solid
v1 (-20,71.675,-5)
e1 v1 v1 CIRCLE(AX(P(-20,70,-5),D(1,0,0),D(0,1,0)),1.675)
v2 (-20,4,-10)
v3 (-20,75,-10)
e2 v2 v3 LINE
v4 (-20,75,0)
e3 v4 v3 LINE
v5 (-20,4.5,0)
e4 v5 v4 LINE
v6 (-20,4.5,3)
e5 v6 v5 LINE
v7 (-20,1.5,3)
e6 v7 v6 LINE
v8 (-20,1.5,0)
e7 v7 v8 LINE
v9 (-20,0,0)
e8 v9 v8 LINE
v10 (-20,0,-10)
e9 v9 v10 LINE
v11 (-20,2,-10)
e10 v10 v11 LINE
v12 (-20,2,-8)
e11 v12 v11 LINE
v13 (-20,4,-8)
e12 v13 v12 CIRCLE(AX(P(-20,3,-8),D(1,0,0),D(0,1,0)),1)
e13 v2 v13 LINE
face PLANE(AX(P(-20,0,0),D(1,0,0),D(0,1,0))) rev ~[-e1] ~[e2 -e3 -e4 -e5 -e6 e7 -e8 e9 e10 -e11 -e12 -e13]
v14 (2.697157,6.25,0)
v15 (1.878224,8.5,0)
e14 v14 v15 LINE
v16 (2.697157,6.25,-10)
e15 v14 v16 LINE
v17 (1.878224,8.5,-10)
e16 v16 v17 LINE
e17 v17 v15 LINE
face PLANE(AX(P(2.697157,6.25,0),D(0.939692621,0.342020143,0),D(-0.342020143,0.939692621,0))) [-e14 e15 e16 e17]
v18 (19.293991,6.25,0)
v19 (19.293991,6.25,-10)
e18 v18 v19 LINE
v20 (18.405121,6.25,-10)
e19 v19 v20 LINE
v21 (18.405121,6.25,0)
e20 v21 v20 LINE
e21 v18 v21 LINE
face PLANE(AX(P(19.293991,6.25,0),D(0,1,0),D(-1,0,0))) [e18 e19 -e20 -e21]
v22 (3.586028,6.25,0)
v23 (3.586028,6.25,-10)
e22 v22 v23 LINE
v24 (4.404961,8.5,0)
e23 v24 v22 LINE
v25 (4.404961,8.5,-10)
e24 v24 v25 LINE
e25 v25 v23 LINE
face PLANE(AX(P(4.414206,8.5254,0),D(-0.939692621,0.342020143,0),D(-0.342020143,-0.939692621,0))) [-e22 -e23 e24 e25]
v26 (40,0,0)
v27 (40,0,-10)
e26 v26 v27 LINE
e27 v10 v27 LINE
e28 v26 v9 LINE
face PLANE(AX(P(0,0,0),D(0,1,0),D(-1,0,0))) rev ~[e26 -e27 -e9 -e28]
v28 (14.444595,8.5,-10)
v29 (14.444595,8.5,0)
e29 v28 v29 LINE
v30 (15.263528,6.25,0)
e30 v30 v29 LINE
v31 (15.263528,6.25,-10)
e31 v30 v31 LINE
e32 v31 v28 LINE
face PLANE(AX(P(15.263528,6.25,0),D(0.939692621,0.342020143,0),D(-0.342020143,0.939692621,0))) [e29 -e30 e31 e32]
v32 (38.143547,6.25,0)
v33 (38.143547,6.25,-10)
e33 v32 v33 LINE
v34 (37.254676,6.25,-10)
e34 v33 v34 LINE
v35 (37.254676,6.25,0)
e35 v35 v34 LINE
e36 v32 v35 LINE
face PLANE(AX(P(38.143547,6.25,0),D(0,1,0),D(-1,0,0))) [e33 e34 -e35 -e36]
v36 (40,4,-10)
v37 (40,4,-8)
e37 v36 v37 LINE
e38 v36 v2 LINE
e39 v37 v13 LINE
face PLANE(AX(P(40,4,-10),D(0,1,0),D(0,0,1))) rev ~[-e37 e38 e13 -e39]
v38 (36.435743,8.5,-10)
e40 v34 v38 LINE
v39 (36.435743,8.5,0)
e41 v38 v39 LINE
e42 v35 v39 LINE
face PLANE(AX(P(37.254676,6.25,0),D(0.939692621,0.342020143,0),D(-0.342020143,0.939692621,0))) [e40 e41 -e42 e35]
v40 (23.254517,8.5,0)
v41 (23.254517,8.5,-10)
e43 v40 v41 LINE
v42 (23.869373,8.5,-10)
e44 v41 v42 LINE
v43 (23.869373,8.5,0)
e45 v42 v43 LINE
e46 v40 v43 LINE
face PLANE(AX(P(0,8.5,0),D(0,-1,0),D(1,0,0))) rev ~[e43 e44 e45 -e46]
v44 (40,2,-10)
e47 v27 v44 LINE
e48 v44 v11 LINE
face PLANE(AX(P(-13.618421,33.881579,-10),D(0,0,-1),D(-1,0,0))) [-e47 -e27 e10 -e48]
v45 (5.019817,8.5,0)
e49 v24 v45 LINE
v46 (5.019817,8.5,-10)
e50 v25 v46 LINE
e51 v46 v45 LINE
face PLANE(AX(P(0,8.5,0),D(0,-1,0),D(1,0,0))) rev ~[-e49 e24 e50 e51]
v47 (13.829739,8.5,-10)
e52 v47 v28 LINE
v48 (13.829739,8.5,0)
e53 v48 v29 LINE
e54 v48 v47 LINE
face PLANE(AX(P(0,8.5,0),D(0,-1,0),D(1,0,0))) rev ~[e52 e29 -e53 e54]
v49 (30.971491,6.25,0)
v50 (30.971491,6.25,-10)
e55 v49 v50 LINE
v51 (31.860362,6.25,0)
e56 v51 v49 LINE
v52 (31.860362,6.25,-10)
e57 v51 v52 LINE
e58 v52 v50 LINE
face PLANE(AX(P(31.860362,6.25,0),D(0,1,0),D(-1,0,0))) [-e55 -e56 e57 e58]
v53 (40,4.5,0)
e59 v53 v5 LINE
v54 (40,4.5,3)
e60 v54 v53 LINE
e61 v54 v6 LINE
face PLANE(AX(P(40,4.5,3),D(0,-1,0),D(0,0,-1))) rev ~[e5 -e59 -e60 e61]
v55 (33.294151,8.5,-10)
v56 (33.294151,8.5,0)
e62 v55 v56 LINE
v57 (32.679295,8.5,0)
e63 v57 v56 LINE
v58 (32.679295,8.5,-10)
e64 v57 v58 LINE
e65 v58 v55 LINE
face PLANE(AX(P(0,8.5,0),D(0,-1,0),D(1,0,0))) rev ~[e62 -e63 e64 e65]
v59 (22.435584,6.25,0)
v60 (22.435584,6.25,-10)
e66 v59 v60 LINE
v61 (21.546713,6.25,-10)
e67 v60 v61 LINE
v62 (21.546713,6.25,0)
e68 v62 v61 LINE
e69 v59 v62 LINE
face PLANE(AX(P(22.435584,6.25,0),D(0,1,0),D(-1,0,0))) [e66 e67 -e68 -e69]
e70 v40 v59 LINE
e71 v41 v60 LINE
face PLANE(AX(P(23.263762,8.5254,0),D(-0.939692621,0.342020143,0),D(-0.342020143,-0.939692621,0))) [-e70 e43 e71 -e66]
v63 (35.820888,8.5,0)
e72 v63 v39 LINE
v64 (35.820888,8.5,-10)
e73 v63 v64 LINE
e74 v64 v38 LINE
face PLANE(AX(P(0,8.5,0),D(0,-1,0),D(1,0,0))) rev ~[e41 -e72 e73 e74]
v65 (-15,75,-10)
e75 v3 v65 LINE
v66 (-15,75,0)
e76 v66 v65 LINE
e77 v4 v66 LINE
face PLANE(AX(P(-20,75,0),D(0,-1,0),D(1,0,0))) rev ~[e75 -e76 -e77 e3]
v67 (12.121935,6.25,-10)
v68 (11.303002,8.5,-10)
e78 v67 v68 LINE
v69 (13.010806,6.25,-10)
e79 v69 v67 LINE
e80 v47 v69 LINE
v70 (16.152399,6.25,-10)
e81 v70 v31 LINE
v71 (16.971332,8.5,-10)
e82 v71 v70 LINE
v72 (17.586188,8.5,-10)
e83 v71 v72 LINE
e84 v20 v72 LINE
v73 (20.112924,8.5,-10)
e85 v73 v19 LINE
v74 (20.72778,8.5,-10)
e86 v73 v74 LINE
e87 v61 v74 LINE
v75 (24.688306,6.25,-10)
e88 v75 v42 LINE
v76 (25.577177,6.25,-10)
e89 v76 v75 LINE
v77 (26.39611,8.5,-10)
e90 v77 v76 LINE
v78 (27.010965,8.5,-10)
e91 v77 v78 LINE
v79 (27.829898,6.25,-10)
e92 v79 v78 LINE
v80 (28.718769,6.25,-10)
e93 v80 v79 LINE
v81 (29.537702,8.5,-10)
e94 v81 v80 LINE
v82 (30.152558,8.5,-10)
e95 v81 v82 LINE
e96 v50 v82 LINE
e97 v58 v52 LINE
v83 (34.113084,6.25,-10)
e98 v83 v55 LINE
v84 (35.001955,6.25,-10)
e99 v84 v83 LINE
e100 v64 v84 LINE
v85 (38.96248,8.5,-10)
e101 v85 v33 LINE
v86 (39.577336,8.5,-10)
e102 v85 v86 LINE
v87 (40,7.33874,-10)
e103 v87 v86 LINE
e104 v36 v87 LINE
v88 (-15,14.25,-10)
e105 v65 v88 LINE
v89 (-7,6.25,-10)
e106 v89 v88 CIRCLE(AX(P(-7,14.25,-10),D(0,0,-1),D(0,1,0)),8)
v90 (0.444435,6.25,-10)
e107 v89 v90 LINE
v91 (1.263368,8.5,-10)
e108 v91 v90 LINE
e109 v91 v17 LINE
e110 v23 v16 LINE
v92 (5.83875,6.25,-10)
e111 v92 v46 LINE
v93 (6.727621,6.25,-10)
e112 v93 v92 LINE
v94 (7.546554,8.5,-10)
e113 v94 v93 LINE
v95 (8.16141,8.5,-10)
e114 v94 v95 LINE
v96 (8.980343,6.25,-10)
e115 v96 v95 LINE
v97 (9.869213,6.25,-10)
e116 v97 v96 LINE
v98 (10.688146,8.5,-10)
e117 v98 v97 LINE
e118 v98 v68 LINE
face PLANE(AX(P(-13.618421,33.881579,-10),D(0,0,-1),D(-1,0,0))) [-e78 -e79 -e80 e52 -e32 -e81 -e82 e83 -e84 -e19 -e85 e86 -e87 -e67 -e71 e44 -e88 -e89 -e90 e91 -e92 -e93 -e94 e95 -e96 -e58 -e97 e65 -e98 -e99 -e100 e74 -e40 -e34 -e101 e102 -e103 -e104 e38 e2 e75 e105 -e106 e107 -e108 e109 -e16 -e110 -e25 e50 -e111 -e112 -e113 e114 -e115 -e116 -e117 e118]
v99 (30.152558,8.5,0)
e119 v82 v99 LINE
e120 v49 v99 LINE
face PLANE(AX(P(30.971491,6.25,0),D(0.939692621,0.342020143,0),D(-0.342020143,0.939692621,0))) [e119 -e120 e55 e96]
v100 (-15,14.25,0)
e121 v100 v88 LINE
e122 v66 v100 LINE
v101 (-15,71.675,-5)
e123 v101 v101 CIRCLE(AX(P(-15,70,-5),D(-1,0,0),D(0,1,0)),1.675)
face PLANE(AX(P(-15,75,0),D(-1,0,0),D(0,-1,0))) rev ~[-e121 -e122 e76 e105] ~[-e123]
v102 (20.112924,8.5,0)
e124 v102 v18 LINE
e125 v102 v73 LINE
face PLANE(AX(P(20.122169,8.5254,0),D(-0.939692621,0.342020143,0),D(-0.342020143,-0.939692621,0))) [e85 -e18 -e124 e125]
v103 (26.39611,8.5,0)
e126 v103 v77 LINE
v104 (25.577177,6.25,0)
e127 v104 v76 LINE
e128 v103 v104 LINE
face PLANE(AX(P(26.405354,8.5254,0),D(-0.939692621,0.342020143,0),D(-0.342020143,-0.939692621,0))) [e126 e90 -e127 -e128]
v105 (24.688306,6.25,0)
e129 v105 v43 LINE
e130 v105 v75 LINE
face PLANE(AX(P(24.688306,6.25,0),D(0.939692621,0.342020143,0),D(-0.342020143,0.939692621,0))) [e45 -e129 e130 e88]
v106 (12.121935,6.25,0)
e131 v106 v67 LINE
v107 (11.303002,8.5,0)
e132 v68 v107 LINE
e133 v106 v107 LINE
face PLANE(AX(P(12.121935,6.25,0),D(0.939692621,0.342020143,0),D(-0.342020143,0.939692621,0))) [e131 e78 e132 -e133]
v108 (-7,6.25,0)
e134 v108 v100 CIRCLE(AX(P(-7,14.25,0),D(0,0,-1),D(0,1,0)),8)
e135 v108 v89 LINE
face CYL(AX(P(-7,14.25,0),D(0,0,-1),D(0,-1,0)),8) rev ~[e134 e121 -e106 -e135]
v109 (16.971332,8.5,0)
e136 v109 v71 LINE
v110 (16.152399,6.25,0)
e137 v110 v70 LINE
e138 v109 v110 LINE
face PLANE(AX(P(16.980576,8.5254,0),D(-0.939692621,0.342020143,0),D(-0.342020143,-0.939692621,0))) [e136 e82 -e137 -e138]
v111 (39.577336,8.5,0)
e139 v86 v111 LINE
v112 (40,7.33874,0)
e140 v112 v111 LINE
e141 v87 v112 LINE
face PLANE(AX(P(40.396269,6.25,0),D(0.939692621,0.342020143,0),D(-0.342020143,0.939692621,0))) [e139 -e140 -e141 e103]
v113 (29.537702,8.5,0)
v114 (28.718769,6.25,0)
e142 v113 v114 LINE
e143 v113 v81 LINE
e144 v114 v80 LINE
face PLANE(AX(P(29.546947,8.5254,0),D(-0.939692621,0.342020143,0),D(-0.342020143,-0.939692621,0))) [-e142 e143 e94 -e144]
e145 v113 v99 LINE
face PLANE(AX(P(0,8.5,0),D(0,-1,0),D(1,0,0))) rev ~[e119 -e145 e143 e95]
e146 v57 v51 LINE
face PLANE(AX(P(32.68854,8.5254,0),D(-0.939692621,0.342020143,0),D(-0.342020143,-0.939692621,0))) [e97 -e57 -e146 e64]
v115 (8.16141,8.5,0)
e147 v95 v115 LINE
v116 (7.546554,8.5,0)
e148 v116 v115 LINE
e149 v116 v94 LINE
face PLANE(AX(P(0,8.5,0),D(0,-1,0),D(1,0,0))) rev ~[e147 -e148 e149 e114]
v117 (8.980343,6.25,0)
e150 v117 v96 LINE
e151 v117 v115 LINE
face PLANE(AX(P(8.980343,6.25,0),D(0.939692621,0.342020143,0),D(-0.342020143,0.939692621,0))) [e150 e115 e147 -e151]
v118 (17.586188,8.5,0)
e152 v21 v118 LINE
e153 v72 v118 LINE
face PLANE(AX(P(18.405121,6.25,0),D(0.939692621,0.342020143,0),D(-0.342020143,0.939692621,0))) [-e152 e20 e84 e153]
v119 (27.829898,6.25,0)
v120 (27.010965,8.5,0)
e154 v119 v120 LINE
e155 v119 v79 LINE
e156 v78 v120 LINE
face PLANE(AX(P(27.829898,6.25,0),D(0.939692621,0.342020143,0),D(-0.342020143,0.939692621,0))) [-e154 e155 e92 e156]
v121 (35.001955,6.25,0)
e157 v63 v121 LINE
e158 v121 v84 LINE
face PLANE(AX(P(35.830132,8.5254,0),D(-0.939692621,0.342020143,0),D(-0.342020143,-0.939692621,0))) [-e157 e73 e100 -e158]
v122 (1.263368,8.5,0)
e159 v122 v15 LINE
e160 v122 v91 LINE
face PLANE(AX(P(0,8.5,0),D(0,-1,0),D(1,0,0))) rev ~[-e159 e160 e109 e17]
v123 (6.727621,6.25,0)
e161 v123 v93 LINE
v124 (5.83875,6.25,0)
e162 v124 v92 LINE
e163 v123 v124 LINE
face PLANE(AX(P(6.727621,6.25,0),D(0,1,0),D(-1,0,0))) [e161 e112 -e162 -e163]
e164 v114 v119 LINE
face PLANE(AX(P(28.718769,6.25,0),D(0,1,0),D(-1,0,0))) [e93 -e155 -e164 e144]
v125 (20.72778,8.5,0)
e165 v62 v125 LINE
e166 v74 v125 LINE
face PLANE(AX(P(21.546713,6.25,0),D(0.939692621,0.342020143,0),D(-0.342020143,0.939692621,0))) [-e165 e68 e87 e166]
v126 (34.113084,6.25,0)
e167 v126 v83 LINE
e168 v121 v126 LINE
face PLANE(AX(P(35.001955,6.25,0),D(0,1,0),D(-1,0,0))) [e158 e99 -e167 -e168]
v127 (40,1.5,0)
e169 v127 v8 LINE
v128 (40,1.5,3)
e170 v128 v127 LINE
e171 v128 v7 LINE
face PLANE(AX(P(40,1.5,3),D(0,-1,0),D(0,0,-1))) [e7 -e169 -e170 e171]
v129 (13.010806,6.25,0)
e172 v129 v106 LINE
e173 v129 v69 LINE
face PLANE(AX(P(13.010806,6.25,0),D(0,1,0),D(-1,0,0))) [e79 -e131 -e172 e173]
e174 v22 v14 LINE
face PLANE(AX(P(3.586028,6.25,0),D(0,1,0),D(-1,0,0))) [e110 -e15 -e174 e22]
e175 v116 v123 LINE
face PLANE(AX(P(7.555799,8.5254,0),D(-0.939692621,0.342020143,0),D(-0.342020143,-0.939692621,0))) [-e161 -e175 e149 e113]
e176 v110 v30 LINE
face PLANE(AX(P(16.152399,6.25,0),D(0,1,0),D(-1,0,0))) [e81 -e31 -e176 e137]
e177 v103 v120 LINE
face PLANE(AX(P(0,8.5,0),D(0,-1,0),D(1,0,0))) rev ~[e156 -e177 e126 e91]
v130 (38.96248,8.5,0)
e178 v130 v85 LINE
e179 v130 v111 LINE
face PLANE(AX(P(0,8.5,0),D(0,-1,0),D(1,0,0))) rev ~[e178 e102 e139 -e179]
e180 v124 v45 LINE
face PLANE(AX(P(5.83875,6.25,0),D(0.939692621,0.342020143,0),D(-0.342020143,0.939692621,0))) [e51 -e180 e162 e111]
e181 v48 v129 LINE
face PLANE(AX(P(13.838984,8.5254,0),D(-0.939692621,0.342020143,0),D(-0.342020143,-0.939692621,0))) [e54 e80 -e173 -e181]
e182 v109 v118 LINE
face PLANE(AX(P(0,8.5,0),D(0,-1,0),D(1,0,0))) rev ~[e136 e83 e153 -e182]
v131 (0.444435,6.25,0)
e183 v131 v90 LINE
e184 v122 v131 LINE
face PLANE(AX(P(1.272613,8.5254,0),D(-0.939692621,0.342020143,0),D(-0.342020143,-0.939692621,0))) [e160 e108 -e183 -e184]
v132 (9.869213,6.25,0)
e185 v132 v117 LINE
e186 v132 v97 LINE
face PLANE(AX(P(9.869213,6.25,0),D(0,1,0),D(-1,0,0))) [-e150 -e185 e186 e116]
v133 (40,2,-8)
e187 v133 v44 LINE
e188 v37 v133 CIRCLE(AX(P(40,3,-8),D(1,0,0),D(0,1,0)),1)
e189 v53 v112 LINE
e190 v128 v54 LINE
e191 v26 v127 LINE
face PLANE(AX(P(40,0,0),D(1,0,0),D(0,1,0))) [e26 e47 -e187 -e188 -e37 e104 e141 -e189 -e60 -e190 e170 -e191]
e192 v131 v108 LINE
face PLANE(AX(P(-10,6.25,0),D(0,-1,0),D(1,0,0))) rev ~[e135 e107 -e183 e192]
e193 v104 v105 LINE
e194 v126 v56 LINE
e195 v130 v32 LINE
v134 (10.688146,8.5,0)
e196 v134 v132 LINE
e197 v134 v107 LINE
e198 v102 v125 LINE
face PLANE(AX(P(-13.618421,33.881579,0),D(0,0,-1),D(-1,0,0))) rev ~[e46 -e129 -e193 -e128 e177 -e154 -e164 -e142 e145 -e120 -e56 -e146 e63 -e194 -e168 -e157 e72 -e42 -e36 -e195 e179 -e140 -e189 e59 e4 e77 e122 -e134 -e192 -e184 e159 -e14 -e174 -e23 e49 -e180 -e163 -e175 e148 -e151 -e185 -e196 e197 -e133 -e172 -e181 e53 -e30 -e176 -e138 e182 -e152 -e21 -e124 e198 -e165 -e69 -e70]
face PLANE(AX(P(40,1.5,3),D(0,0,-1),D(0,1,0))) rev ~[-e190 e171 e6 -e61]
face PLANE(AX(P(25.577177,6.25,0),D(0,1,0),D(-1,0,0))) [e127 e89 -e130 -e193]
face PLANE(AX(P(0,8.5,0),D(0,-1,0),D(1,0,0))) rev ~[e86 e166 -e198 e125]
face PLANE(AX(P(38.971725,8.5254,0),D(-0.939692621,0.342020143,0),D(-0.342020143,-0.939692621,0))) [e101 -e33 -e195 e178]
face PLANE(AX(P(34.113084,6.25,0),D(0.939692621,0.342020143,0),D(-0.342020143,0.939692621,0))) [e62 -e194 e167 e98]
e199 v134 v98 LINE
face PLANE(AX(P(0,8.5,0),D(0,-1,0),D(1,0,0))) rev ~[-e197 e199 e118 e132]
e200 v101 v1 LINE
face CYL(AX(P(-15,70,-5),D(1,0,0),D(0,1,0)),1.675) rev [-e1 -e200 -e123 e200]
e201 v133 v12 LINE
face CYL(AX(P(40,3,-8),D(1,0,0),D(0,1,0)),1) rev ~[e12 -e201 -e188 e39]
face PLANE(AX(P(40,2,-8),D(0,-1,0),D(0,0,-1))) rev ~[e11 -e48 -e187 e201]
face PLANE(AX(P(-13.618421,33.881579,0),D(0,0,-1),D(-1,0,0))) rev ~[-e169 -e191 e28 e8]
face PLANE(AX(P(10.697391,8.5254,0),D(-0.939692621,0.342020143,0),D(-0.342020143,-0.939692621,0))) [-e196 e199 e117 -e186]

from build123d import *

# Parameters (mm, degrees)
BLANKSKE_W          = 40
BLANKSKE_H          = 8.5
BLANK_DEPTH         = 10
TOOTHCUTSIM_DEPTH   = 43.09809972
TEETHCUTS_COUNT     = 14
TEETHCUTS_PITCH     = 3.14159265
BOSS_EXTRUDE1_DEPTH = 10
SKETCH2_W           = 3
SKETCH2_H           = 3
BOSS_EXTRUDE2_DEPTH = 60
CUT_EXTRUDE2_DEPTH  = 97.566039579
MOVE_FACE2_BY       = 5
FILLET2_R           = 8
SKETCH3_R           = 1.675
CUT_EXTRUDE1_DEPTH  = 94.541434669


with BuildPart() as part:
    # BlankSke → Blank (new body)
    with BuildSketch(Plane.XY):
        with Locations((20, 4.25)):
            Rectangle(BLANKSKE_W, BLANKSKE_H)
    extrude(amount=-BLANK_DEPTH)

    # TooCutSkeSim → ToothCutSim (cut, through all)
    with BuildSketch(Plane.XY):
        Polygon((0.44443537, 6.25), (-0.44443537, 6.25), (-1.272613241, 8.5254), (1.272613241, 8.5254), align=None)
    toothcutsim = extrude(amount=-TOOTHCUTSIM_DEPTH, mode=Mode.SUBTRACT)

    # TeethCuts: ToothCutSim ×14
    with Locations(*[(i * TEETHCUTS_PITCH, 0, 0) for i in range(1, TEETHCUTS_COUNT)]):
        add(toothcutsim, mode=Mode.SUBTRACT)

    # Sketch1 → Boss-Extrude1 (add)
    with BuildSketch(Plane.XY):
        Polygon((0, 0), (-20, 0), (-20, 75), (-10, 75), (-10, 6.25), (0, 6.25), align=None)
    extrude(amount=-BOSS_EXTRUDE1_DEPTH)

    # Sketch2 → Boss-Extrude2 (add)
    with BuildSketch(Plane(origin=(40, 0, 0), x_dir=(0, 0, -1), z_dir=(1, 0, 0))):
        with Locations((-1.5, 3)):
            Rectangle(SKETCH2_W, SKETCH2_H)
    extrude(amount=-BOSS_EXTRUDE2_DEPTH)

    # Sketch5 → Cut-Extrude2 (cut, through all)
    with BuildSketch(Plane(origin=(40, 0, 0), x_dir=(0, 0, -1), z_dir=(1, 0, 0))):
        with BuildLine():
            Line((10, 4), (8, 4))
            ThreePointArc((8, 4), (7, 3), (8, 2))
            Line((8, 2), (10, 2))
            Line((10, 2), (10, 4))
        make_face()
    extrude(amount=-CUT_EXTRUDE2_DEPTH, mode=Mode.SUBTRACT)

    # Move Face2: a face moved inward by 5.0
    extrude(part.faces().sort_by_distance((-10, 40.625, -5))[0], amount=MOVE_FACE2_BY, dir=(-1, 0, 0), mode=Mode.SUBTRACT)

    # Fillet2
    fillet2_edges = [part.edges().sort_by_distance(p)[0] for p in [
        (-15, 6.25, -5),
    ]]
    fillet(fillet2_edges, radius=FILLET2_R)

    # Sketch3 → Cut-Extrude1 (cut, through all)
    with BuildSketch(Plane.ZY.offset(15)):
        with Locations(Location((-5, 70, 0), (0, 0, 90))):
            Circle(SKETCH3_R)
    extrude(amount=CUT_EXTRUDE1_DEPTH, mode=Mode.SUBTRACT)


solid = part.part
